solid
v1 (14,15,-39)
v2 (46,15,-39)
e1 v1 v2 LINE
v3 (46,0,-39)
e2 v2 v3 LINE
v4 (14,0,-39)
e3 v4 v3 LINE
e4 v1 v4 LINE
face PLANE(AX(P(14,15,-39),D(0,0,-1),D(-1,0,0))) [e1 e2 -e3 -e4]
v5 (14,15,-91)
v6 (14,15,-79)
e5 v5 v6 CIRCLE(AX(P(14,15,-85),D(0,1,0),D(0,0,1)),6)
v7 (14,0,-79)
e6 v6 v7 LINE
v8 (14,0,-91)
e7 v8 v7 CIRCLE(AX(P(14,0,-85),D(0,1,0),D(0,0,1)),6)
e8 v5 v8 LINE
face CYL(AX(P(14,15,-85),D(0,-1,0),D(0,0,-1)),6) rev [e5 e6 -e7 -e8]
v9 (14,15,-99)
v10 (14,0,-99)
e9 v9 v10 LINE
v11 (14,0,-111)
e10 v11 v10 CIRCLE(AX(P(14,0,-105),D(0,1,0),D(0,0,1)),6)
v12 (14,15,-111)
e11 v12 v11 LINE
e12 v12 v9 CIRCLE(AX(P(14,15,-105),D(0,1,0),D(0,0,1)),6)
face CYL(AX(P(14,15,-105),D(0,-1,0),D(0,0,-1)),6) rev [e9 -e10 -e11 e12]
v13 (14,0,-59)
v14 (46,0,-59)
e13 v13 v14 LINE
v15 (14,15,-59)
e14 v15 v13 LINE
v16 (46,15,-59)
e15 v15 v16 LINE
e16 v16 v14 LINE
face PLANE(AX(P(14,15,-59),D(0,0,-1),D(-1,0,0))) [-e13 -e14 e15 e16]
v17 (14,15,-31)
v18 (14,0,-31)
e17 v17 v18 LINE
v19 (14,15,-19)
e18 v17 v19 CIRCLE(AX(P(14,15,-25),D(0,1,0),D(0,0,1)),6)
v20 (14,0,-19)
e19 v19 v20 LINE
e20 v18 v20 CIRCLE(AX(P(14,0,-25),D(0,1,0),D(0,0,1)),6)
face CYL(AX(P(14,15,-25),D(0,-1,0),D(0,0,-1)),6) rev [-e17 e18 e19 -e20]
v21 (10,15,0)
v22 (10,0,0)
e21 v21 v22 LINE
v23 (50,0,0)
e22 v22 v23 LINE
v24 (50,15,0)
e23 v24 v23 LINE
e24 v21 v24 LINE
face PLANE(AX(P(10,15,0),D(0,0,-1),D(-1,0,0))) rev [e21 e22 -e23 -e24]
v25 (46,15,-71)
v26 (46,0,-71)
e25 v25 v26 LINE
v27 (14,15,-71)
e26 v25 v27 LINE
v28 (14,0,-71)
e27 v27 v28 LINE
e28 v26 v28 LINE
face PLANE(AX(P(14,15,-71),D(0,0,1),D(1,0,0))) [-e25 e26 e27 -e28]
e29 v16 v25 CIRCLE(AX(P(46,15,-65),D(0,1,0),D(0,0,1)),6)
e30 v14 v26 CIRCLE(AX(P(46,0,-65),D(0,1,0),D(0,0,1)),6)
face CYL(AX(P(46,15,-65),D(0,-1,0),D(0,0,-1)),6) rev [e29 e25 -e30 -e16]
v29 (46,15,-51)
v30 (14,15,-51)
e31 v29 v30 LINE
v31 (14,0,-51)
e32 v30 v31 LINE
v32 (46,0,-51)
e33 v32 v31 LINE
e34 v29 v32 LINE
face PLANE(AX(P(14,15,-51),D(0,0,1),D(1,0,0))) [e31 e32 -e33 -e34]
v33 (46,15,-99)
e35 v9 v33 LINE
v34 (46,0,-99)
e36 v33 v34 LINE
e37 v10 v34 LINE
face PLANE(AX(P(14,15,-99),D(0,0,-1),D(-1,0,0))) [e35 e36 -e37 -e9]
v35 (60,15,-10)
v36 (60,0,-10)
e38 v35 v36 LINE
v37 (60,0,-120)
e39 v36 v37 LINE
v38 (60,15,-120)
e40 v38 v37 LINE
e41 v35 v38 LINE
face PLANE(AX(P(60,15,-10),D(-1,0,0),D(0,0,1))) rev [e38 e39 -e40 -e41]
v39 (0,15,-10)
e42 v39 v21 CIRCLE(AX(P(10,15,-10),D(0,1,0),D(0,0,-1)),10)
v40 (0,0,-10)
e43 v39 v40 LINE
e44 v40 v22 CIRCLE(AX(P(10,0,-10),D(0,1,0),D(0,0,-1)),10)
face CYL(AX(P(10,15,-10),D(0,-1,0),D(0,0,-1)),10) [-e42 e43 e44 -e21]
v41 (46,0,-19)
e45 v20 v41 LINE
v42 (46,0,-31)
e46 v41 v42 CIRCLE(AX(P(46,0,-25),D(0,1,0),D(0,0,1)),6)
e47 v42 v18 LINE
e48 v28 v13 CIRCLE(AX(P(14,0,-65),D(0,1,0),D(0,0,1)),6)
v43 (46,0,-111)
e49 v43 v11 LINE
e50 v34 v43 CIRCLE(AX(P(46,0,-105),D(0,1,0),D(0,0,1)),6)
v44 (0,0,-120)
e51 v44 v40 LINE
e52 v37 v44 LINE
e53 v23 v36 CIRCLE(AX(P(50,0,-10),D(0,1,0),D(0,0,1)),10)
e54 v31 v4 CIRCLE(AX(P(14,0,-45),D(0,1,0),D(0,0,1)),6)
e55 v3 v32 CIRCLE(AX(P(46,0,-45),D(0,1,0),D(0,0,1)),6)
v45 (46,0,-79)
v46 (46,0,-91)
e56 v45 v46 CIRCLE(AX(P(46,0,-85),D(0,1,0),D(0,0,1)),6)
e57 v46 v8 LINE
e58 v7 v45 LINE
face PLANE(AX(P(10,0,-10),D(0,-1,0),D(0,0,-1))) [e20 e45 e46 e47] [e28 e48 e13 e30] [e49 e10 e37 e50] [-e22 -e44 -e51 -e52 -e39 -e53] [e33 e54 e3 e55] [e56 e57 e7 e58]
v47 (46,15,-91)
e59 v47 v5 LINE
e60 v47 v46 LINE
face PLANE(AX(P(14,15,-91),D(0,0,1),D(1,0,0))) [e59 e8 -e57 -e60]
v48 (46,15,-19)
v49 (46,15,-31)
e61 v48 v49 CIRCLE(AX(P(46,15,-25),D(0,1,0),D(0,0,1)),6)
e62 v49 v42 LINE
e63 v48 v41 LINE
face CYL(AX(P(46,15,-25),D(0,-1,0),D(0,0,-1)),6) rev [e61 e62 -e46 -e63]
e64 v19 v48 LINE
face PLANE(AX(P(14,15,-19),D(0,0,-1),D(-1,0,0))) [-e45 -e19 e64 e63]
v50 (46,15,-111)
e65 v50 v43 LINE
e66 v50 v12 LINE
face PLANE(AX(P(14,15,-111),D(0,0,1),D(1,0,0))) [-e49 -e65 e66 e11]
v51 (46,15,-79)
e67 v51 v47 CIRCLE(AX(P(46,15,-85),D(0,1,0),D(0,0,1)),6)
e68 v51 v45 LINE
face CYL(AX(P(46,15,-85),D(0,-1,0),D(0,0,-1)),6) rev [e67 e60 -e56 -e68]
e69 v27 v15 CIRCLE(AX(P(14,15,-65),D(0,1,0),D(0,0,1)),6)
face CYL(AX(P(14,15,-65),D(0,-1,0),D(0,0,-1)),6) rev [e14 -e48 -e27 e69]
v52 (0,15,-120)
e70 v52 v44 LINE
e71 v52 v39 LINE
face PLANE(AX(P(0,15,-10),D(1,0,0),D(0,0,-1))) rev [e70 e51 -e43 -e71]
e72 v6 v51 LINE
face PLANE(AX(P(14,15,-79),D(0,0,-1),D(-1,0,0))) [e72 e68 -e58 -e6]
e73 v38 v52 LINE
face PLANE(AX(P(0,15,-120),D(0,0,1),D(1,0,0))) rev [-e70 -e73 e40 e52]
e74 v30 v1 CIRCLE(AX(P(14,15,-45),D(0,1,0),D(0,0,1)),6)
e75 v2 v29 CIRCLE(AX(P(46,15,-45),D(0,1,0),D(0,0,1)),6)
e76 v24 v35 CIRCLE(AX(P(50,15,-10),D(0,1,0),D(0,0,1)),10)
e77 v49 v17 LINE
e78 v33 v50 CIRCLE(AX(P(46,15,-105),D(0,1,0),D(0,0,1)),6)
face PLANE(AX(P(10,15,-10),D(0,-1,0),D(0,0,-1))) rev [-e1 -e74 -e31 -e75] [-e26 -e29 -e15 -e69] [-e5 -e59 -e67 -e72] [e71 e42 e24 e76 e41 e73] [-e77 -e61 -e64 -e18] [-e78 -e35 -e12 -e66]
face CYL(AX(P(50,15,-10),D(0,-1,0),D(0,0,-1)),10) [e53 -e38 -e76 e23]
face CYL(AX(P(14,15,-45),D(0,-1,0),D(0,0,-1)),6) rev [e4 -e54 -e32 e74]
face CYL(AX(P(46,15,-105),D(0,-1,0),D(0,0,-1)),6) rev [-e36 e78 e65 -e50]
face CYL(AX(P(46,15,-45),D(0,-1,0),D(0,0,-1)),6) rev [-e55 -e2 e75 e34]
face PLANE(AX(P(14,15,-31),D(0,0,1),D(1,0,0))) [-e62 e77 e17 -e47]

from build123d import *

# Parameters (mm, degrees)
EXTRUDE_1_DEPTH = 15


with BuildPart() as part:
    # Эскиз1 → Бобышка-Вытянуть1 (new body)
    with BuildSketch(Plane(origin=(0, 0, 0), x_dir=(1, 0, 0), z_dir=(0, 1, 0))):
        with BuildLine():
            Line((10, 0), (50, 0))
            ThreePointArc((50, 0), (57.071067812, 2.928932188), (60, 10))
            Line((60, 10), (60, 120))
            Line((60, 120), (0, 120))
            Line((0, 120), (0, 10))
            ThreePointArc((0, 10), (2.928932188, 2.928932188), (10, 0))
        make_face()
        with BuildLine():
            Line((14, 111), (46, 111))
            ThreePointArc((46, 111), (52, 105), (46, 99))
            Line((46, 99), (14, 99))
            ThreePointArc((14, 99), (8, 105), (14, 111))
        make_face(mode=Mode.SUBTRACT)
        with BuildLine():
            Line((14, 91), (46, 91))
            ThreePointArc((46, 91), (52, 85), (46, 79))
            Line((46, 79), (14, 79))
            ThreePointArc((14, 79), (8, 85), (14, 91))
        make_face(mode=Mode.SUBTRACT)
        with BuildLine():
            Line((14, 71), (46, 71))
            ThreePointArc((46, 71), (52, 65), (46, 59))
            Line((46, 59), (14, 59))
            ThreePointArc((14, 59), (8, 65), (14, 71))
        make_face(mode=Mode.SUBTRACT)
        with BuildLine():
            Line((14, 51), (46, 51))
            ThreePointArc((46, 51), (52, 45), (46, 39))
            Line((46, 39), (14, 39))
            ThreePointArc((14, 39), (8, 45), (14, 51))
        make_face(mode=Mode.SUBTRACT)
        with BuildLine():
            Line((14, 31), (46, 31))
            ThreePointArc((46, 31), (52, 25), (46, 19))
            Line((46, 19), (14, 19))
            ThreePointArc((14, 19), (8, 25), (14, 31))
        make_face(mode=Mode.SUBTRACT)
    extrude(amount=EXTRUDE_1_DEPTH)


solid = part.part
